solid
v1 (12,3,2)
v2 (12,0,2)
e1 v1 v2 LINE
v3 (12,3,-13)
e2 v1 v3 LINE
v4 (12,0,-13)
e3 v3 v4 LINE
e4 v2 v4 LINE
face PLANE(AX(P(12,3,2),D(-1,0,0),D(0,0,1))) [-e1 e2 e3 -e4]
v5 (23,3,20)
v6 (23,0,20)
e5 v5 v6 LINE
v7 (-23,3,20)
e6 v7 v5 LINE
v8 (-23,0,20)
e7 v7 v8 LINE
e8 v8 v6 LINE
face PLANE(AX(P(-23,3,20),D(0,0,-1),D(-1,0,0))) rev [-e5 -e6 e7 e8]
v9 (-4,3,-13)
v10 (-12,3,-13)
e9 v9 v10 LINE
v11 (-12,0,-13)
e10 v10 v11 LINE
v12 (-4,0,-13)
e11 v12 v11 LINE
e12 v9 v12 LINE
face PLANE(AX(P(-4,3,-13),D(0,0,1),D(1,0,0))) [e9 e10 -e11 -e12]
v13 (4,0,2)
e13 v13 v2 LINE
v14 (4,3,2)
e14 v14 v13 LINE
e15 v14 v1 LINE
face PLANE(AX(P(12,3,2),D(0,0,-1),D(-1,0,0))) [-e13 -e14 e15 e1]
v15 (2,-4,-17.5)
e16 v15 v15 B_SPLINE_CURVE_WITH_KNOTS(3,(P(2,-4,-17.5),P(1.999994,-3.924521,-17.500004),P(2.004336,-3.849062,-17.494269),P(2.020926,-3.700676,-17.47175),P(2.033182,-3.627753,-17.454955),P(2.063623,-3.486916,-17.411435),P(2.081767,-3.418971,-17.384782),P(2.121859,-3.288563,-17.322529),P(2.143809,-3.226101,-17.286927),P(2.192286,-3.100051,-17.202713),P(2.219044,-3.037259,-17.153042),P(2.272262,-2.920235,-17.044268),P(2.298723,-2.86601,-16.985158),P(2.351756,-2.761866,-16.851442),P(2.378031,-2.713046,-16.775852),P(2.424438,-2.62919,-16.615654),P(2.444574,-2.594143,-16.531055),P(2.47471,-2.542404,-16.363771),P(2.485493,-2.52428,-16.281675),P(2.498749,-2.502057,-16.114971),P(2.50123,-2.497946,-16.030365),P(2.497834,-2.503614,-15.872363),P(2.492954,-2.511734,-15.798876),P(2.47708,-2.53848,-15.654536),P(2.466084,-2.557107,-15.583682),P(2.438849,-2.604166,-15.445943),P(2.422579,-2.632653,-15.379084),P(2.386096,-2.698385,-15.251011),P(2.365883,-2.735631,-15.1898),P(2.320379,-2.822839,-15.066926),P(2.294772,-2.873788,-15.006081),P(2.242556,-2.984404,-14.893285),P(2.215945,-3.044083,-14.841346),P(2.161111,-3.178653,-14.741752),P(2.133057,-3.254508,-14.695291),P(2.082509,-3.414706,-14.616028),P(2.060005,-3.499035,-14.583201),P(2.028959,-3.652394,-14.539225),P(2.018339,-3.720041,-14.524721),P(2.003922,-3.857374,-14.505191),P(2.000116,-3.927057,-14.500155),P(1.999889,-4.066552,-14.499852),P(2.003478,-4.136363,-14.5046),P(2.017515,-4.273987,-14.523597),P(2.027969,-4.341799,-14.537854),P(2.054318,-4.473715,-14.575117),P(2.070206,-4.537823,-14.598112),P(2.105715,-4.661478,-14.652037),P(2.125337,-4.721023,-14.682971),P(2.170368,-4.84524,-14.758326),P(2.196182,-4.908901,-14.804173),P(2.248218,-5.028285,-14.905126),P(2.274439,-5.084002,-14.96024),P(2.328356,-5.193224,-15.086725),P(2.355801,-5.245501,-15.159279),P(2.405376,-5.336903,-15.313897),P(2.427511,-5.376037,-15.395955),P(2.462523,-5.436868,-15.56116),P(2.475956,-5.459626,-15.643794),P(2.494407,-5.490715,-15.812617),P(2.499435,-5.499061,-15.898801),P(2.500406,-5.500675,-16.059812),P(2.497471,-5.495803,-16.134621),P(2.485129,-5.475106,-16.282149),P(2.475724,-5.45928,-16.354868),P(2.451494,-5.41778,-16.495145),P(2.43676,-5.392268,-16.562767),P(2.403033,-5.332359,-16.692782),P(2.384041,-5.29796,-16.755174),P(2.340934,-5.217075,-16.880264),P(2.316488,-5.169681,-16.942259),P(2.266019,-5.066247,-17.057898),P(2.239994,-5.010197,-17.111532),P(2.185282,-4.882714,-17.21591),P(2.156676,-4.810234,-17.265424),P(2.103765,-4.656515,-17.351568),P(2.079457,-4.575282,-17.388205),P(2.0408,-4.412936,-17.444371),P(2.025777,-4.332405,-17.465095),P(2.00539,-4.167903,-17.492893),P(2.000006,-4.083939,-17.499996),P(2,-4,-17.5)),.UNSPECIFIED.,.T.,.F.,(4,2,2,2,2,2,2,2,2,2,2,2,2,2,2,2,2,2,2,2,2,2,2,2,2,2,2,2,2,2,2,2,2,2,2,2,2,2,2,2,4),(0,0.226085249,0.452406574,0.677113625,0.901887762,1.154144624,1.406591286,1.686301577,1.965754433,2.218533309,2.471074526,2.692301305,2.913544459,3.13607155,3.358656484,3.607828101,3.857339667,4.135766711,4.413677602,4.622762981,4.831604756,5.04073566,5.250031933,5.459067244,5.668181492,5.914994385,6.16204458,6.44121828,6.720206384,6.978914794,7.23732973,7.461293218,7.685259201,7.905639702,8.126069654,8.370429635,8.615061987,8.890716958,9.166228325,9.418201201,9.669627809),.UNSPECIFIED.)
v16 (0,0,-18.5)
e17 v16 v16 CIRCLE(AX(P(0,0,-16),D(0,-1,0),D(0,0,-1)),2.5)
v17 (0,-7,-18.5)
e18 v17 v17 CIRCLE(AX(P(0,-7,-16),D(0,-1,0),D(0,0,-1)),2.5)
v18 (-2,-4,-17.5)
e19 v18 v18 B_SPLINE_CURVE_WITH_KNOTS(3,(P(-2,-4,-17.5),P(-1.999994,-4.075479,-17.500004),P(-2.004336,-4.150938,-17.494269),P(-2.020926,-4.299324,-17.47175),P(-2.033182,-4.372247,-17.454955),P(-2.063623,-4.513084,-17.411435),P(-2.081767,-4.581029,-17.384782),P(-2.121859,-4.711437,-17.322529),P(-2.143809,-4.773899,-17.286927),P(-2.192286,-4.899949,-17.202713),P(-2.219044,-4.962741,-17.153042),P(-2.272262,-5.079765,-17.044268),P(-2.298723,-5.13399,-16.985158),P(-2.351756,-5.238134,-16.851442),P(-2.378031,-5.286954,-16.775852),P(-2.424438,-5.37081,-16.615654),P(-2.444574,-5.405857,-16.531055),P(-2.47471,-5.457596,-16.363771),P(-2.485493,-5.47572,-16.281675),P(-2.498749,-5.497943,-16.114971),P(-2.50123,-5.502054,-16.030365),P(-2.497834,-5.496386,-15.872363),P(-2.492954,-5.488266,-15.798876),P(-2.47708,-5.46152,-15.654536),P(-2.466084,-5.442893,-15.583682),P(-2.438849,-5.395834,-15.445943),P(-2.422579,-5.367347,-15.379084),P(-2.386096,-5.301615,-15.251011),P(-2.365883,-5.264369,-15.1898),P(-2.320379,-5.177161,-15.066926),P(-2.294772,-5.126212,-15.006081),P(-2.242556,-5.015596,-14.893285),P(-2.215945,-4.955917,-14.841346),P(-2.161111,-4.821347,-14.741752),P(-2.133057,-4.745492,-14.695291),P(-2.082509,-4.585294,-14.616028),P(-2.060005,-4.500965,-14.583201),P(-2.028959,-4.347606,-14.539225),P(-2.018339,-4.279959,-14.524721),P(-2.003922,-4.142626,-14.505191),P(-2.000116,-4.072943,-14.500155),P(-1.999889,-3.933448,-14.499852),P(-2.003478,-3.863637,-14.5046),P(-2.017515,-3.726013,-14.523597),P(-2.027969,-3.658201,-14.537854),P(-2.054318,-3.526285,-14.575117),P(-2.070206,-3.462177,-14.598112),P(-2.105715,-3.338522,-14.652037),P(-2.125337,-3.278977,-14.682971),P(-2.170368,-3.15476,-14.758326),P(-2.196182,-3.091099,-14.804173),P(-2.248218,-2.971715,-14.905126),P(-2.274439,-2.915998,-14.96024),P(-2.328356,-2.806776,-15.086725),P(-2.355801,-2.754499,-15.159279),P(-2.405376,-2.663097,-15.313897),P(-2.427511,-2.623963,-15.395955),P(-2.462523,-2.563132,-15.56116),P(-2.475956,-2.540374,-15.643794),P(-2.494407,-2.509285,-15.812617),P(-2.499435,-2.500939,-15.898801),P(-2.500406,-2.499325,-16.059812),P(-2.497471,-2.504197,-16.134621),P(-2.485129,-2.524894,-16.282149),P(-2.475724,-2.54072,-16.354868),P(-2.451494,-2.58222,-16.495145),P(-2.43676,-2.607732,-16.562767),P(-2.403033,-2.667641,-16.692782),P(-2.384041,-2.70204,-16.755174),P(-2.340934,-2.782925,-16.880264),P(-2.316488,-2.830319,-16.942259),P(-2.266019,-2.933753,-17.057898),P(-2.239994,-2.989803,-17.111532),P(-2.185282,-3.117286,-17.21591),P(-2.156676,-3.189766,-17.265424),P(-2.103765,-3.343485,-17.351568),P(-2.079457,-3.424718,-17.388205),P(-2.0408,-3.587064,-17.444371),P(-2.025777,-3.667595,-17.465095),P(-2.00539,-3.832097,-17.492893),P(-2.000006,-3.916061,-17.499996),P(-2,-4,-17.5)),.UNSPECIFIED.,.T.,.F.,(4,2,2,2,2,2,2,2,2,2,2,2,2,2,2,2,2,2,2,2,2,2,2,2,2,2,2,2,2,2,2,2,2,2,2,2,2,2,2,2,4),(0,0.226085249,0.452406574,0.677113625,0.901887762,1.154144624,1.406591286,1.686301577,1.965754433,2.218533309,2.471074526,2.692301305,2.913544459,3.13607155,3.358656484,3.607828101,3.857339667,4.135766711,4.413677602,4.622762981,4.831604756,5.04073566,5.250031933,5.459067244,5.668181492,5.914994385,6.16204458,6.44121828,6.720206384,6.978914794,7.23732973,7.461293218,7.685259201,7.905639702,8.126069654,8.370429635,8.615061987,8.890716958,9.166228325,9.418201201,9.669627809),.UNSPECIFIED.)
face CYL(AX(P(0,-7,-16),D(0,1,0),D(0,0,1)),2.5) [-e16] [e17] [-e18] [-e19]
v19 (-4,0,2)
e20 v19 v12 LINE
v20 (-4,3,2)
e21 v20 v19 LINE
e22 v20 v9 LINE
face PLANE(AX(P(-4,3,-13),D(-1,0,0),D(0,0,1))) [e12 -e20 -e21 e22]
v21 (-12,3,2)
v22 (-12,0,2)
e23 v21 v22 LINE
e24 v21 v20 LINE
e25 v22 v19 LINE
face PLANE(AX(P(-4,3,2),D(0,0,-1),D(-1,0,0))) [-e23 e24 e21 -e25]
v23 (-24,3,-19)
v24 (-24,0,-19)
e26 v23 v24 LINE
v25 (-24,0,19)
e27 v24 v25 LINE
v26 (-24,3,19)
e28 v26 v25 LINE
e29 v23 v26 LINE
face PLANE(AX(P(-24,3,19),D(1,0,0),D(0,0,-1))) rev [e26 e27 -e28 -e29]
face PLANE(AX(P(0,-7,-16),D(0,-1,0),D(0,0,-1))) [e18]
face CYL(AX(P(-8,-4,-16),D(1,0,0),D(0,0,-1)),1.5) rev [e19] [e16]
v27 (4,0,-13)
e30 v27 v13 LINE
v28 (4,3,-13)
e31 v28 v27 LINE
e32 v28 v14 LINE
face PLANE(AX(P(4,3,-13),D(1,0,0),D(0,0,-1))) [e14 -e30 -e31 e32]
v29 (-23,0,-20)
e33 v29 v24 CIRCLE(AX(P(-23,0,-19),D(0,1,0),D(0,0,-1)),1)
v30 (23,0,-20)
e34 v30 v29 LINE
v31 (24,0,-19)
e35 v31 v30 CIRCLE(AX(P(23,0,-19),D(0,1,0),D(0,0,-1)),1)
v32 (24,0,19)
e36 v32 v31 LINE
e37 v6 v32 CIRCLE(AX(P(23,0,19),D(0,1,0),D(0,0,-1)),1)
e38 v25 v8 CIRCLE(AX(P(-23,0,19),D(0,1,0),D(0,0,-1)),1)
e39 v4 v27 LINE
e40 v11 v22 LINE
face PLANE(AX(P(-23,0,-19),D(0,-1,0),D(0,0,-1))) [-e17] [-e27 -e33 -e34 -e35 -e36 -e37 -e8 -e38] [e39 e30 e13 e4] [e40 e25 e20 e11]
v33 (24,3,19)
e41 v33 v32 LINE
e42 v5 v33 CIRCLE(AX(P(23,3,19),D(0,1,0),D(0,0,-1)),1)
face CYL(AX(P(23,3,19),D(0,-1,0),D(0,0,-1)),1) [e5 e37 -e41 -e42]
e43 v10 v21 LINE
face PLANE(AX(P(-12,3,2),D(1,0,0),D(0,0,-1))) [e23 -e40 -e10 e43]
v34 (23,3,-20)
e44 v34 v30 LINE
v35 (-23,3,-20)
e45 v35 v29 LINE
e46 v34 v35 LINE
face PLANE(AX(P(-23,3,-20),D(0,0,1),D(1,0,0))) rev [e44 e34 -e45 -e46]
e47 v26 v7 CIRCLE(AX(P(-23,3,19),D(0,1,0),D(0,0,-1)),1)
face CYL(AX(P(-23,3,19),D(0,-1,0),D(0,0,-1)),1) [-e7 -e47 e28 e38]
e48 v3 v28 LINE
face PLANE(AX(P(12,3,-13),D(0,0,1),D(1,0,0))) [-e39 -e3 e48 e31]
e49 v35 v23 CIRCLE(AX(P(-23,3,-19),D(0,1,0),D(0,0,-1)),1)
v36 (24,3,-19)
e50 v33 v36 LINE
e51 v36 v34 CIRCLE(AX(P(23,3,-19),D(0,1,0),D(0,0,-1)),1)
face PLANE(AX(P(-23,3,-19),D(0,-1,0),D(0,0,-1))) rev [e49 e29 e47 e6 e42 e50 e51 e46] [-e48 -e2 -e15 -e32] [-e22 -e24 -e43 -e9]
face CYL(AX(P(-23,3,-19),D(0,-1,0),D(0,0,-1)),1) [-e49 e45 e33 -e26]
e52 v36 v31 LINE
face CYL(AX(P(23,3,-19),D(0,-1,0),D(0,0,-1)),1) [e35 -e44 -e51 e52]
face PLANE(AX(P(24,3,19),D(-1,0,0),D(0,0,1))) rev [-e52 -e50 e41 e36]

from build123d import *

# Parameters (mm, degrees)
SKETCH1_W               = 8
SKETCH1_H               = 15
BOSS_EXTRUDE1_DEPTH     = 3
SKETCH2_R               = 2.5
BOSS_EXTRUDE2_DEPTH     = 7
CUT_EXTRUDE1_DEPTH      = 8
CUT_EXTRUDE1_DEPTH_BACK = 10
SKETCH3_R               = 1.5


with BuildPart() as part:
    # Sketch1 → Boss-Extrude1 (new body)
    with BuildSketch(Plane(origin=(0, 0, 0), x_dir=(1, 0, 0), z_dir=(0, 1, 0))):
        with BuildLine():
            Line((-23, -20), (23, -20))
            ThreePointArc((23, -20), (23.707106781, -19.707106781), (24, -19))
            Line((24, -19), (24, 19))
            ThreePointArc((24, 19), (23.707106781, 19.707106781), (23, 20))
            Line((23, 20), (-23, 20))
            ThreePointArc((-23, 20), (-23.707106781, 19.707106781), (-24, 19))
            Line((-24, 19), (-24, -19))
            ThreePointArc((-24, -19), (-23.707106781, -19.707106781), (-23, -20))
        make_face()
        with Locations((-8, 5.5)):
            Rectangle(SKETCH1_W, SKETCH1_H, mode=Mode.SUBTRACT)
        with Locations((8, 5.5)):
            Rectangle(SKETCH1_W, SKETCH1_H, mode=Mode.SUBTRACT)
    extrude(amount=BOSS_EXTRUDE1_DEPTH)

    # Sketch2 → Boss-Extrude2 (add)
    with BuildSketch(Plane.XZ):
        with Locations(Location((0, -16, 0), (0, 0, 270))):
            Circle(SKETCH2_R)
    extrude(amount=BOSS_EXTRUDE2_DEPTH)

    # Sketch3 → Cut-Extrude1 (cut, two sides: drawn at the far end of the back side and taken through both)
    with BuildSketch(Plane.ZY.offset(-CUT_EXTRUDE1_DEPTH_BACK)):
        with Locations(Location((-16, -4, 0), (0, 0, 180))):
            Circle(SKETCH3_R)
    extrude(amount=CUT_EXTRUDE1_DEPTH + CUT_EXTRUDE1_DEPTH_BACK, mode=Mode.SUBTRACT)


solid = part.part
